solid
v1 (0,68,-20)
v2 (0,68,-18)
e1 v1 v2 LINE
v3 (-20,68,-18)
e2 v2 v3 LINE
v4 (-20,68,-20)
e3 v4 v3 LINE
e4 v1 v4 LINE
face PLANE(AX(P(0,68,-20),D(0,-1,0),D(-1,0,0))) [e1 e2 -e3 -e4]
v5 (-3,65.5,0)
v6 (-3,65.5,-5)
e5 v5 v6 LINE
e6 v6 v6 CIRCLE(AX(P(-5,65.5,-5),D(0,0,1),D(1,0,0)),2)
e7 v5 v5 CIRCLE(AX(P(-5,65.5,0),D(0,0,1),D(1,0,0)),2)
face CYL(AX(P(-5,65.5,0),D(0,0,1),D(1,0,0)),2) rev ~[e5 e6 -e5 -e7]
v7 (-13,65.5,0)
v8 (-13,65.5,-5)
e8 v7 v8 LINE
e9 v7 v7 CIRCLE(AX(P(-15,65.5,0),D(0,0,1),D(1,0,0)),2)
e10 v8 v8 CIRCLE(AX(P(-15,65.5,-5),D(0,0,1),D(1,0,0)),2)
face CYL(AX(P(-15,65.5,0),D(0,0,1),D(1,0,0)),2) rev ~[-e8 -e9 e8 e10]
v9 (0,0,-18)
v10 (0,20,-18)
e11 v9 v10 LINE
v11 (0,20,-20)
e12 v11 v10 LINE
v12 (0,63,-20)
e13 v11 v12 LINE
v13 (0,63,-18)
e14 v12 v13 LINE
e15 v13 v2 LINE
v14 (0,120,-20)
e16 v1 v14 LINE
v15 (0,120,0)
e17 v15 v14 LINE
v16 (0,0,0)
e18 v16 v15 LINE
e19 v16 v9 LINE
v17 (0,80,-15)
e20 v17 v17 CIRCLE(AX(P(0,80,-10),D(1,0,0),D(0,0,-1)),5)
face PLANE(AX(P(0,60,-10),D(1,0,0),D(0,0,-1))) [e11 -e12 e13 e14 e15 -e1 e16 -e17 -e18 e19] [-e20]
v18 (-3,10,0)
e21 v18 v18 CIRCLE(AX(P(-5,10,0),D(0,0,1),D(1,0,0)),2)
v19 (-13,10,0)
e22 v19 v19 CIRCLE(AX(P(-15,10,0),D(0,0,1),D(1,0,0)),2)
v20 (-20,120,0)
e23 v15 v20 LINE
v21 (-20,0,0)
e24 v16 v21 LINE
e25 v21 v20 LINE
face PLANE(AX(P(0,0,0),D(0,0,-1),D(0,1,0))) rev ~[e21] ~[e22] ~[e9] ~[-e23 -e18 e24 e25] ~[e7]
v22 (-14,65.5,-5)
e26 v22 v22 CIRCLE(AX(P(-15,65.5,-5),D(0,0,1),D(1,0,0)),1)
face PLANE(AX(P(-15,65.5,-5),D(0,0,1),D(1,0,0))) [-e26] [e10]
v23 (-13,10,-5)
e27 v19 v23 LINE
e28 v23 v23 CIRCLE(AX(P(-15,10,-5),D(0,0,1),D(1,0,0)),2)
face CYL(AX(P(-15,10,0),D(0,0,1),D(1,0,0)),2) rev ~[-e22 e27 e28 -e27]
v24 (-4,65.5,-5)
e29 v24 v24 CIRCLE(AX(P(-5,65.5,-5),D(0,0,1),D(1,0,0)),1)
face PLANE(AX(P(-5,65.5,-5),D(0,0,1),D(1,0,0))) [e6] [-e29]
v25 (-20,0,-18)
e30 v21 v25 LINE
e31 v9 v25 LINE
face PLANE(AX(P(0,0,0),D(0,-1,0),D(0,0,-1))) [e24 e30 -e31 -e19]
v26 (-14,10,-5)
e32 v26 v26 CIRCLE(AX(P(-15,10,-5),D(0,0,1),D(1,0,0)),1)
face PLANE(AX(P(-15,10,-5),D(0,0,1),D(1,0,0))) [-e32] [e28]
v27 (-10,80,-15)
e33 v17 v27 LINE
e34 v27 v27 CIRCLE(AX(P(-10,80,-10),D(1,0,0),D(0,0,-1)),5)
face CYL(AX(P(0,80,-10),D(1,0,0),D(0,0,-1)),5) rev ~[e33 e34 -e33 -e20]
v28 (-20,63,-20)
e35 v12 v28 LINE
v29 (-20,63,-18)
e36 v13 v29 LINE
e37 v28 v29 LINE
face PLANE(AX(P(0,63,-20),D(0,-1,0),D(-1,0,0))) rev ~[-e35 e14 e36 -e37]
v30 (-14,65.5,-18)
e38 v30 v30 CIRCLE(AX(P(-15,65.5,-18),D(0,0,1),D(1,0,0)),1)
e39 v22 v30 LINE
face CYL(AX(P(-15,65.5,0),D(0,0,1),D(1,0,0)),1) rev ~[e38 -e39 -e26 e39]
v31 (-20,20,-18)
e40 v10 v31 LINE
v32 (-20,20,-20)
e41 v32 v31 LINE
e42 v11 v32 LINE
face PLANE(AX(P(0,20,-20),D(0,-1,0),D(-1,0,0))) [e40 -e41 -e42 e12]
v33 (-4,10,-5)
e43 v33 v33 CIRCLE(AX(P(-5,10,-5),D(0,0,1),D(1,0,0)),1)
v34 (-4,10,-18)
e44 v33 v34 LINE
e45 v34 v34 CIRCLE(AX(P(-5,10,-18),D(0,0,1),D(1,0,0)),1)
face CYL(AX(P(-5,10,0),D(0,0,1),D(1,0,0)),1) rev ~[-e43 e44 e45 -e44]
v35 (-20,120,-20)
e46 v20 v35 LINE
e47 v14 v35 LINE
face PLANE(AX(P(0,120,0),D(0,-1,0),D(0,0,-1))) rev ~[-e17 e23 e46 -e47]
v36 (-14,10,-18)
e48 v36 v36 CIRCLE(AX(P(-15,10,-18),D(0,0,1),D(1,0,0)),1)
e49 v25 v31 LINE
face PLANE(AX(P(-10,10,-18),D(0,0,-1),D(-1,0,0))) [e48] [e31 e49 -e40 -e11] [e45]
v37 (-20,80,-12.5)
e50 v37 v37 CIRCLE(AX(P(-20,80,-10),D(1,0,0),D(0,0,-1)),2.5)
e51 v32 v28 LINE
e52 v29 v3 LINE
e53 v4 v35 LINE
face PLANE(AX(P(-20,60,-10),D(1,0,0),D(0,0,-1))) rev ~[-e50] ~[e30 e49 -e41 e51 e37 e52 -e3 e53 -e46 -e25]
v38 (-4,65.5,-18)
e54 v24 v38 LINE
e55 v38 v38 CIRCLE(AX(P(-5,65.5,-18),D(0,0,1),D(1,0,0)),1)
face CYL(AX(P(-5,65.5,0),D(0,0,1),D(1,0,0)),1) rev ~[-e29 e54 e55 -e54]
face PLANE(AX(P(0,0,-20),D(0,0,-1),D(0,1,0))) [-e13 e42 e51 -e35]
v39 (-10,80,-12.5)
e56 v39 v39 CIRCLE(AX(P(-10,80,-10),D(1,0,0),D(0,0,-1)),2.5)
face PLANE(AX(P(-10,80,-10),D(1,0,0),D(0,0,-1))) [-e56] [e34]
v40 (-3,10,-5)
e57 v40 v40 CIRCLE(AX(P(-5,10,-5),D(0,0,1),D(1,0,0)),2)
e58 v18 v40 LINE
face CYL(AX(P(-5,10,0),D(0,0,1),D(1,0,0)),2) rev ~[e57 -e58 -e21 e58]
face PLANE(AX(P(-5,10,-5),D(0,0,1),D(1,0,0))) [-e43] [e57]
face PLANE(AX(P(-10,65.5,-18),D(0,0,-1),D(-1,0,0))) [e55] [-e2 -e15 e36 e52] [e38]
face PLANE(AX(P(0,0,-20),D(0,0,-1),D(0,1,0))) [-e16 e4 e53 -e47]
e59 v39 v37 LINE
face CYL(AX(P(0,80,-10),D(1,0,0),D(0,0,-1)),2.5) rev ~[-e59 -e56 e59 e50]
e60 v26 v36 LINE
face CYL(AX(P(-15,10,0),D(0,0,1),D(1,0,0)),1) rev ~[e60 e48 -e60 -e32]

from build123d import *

# Parameters (mm, degrees)
SKETCH1_W           = 20
SKETCH1_H           = 120
SKETCH1_R           = 2.5
BOSS_EXTRUDE2_DEPTH = 20
SKETCH10_R          = 5
CUT_EXTRUDE1_DEPTH  = 10
SKETCH11_R          = 1
CUT_EXTRUDE2_DEPTH  = 21
SKETCH12_R          = 2
CUT_EXTRUDE3_DEPTH  = 5
SKETCH11_3_R        = 1
CUT_EXTRUDE4_DEPTH  = 21
SKETCH14_W          = 20
SKETCH14_H          = 5
SKETCH14_H_2        = 20
CUT_EXTRUDE6_DEPTH  = 2


with BuildPart() as part:
    # Sketch1 → Boss-Extrude2 (new body)
    with BuildSketch(Plane(origin=(0, 0, 0), x_dir=(0, 0, -1), z_dir=(1, 0, 0))):
        with Locations((10, 60)):
            Rectangle(SKETCH1_W, SKETCH1_H)
        with Locations((10, 80)):
            Circle(SKETCH1_R, mode=Mode.SUBTRACT)
    extrude(amount=-BOSS_EXTRUDE2_DEPTH)

    # Sketch10 → Cut-Extrude1 (cut)
    with BuildSketch(Plane(origin=(0, 0, 0), x_dir=(0, 0, -1), z_dir=(1, 0, 0))):
        with Locations((10, 80)):
            Circle(SKETCH10_R)
    extrude(amount=-CUT_EXTRUDE1_DEPTH, mode=Mode.SUBTRACT)

    # Sketch11 → Cut-Extrude2 (cut, through all)
    with BuildSketch(Plane.XY):
        with Locations((-15, 10)):
            Circle(SKETCH11_R)
        with Locations((-5, 10)):
            Circle(SKETCH11_R)
    extrude(amount=-CUT_EXTRUDE2_DEPTH, mode=Mode.SUBTRACT)

    # Sketch12 → Cut-Extrude3 (cut)
    with BuildSketch(Plane.XY):
        with Locations((-15, 10)):
            Circle(SKETCH12_R)
        with Locations((-5, 10)):
            Circle(SKETCH12_R)
        with Locations((-15, 65.5)):
            Circle(SKETCH12_R)
        with Locations((-5, 65.5)):
            Circle(SKETCH12_R)
    extrude(amount=-CUT_EXTRUDE3_DEPTH, mode=Mode.SUBTRACT)

    # Sketch11<3> → Cut-Extrude4 (cut, through all)
    with BuildSketch(Plane.XY):
        with Locations((-15, 65.5)):
            Circle(SKETCH11_3_R)
        with Locations((-5, 65.5)):
            Circle(SKETCH11_3_R)
    extrude(amount=-CUT_EXTRUDE4_DEPTH, mode=Mode.SUBTRACT)

    # Sketch14 → Cut-Extrude6 (cut)
    with BuildSketch(Plane(origin=(0, 0, -20), x_dir=(-1, 0, 0), z_dir=(0, 0, -1))):
        with Locations((10, 65.5)):
            Rectangle(SKETCH14_W, SKETCH14_H)
        with Locations((10, 10)):
            Rectangle(SKETCH14_W, SKETCH14_H_2)
    extrude(amount=-CUT_EXTRUDE6_DEPTH, mode=Mode.SUBTRACT)


solid = part.part
